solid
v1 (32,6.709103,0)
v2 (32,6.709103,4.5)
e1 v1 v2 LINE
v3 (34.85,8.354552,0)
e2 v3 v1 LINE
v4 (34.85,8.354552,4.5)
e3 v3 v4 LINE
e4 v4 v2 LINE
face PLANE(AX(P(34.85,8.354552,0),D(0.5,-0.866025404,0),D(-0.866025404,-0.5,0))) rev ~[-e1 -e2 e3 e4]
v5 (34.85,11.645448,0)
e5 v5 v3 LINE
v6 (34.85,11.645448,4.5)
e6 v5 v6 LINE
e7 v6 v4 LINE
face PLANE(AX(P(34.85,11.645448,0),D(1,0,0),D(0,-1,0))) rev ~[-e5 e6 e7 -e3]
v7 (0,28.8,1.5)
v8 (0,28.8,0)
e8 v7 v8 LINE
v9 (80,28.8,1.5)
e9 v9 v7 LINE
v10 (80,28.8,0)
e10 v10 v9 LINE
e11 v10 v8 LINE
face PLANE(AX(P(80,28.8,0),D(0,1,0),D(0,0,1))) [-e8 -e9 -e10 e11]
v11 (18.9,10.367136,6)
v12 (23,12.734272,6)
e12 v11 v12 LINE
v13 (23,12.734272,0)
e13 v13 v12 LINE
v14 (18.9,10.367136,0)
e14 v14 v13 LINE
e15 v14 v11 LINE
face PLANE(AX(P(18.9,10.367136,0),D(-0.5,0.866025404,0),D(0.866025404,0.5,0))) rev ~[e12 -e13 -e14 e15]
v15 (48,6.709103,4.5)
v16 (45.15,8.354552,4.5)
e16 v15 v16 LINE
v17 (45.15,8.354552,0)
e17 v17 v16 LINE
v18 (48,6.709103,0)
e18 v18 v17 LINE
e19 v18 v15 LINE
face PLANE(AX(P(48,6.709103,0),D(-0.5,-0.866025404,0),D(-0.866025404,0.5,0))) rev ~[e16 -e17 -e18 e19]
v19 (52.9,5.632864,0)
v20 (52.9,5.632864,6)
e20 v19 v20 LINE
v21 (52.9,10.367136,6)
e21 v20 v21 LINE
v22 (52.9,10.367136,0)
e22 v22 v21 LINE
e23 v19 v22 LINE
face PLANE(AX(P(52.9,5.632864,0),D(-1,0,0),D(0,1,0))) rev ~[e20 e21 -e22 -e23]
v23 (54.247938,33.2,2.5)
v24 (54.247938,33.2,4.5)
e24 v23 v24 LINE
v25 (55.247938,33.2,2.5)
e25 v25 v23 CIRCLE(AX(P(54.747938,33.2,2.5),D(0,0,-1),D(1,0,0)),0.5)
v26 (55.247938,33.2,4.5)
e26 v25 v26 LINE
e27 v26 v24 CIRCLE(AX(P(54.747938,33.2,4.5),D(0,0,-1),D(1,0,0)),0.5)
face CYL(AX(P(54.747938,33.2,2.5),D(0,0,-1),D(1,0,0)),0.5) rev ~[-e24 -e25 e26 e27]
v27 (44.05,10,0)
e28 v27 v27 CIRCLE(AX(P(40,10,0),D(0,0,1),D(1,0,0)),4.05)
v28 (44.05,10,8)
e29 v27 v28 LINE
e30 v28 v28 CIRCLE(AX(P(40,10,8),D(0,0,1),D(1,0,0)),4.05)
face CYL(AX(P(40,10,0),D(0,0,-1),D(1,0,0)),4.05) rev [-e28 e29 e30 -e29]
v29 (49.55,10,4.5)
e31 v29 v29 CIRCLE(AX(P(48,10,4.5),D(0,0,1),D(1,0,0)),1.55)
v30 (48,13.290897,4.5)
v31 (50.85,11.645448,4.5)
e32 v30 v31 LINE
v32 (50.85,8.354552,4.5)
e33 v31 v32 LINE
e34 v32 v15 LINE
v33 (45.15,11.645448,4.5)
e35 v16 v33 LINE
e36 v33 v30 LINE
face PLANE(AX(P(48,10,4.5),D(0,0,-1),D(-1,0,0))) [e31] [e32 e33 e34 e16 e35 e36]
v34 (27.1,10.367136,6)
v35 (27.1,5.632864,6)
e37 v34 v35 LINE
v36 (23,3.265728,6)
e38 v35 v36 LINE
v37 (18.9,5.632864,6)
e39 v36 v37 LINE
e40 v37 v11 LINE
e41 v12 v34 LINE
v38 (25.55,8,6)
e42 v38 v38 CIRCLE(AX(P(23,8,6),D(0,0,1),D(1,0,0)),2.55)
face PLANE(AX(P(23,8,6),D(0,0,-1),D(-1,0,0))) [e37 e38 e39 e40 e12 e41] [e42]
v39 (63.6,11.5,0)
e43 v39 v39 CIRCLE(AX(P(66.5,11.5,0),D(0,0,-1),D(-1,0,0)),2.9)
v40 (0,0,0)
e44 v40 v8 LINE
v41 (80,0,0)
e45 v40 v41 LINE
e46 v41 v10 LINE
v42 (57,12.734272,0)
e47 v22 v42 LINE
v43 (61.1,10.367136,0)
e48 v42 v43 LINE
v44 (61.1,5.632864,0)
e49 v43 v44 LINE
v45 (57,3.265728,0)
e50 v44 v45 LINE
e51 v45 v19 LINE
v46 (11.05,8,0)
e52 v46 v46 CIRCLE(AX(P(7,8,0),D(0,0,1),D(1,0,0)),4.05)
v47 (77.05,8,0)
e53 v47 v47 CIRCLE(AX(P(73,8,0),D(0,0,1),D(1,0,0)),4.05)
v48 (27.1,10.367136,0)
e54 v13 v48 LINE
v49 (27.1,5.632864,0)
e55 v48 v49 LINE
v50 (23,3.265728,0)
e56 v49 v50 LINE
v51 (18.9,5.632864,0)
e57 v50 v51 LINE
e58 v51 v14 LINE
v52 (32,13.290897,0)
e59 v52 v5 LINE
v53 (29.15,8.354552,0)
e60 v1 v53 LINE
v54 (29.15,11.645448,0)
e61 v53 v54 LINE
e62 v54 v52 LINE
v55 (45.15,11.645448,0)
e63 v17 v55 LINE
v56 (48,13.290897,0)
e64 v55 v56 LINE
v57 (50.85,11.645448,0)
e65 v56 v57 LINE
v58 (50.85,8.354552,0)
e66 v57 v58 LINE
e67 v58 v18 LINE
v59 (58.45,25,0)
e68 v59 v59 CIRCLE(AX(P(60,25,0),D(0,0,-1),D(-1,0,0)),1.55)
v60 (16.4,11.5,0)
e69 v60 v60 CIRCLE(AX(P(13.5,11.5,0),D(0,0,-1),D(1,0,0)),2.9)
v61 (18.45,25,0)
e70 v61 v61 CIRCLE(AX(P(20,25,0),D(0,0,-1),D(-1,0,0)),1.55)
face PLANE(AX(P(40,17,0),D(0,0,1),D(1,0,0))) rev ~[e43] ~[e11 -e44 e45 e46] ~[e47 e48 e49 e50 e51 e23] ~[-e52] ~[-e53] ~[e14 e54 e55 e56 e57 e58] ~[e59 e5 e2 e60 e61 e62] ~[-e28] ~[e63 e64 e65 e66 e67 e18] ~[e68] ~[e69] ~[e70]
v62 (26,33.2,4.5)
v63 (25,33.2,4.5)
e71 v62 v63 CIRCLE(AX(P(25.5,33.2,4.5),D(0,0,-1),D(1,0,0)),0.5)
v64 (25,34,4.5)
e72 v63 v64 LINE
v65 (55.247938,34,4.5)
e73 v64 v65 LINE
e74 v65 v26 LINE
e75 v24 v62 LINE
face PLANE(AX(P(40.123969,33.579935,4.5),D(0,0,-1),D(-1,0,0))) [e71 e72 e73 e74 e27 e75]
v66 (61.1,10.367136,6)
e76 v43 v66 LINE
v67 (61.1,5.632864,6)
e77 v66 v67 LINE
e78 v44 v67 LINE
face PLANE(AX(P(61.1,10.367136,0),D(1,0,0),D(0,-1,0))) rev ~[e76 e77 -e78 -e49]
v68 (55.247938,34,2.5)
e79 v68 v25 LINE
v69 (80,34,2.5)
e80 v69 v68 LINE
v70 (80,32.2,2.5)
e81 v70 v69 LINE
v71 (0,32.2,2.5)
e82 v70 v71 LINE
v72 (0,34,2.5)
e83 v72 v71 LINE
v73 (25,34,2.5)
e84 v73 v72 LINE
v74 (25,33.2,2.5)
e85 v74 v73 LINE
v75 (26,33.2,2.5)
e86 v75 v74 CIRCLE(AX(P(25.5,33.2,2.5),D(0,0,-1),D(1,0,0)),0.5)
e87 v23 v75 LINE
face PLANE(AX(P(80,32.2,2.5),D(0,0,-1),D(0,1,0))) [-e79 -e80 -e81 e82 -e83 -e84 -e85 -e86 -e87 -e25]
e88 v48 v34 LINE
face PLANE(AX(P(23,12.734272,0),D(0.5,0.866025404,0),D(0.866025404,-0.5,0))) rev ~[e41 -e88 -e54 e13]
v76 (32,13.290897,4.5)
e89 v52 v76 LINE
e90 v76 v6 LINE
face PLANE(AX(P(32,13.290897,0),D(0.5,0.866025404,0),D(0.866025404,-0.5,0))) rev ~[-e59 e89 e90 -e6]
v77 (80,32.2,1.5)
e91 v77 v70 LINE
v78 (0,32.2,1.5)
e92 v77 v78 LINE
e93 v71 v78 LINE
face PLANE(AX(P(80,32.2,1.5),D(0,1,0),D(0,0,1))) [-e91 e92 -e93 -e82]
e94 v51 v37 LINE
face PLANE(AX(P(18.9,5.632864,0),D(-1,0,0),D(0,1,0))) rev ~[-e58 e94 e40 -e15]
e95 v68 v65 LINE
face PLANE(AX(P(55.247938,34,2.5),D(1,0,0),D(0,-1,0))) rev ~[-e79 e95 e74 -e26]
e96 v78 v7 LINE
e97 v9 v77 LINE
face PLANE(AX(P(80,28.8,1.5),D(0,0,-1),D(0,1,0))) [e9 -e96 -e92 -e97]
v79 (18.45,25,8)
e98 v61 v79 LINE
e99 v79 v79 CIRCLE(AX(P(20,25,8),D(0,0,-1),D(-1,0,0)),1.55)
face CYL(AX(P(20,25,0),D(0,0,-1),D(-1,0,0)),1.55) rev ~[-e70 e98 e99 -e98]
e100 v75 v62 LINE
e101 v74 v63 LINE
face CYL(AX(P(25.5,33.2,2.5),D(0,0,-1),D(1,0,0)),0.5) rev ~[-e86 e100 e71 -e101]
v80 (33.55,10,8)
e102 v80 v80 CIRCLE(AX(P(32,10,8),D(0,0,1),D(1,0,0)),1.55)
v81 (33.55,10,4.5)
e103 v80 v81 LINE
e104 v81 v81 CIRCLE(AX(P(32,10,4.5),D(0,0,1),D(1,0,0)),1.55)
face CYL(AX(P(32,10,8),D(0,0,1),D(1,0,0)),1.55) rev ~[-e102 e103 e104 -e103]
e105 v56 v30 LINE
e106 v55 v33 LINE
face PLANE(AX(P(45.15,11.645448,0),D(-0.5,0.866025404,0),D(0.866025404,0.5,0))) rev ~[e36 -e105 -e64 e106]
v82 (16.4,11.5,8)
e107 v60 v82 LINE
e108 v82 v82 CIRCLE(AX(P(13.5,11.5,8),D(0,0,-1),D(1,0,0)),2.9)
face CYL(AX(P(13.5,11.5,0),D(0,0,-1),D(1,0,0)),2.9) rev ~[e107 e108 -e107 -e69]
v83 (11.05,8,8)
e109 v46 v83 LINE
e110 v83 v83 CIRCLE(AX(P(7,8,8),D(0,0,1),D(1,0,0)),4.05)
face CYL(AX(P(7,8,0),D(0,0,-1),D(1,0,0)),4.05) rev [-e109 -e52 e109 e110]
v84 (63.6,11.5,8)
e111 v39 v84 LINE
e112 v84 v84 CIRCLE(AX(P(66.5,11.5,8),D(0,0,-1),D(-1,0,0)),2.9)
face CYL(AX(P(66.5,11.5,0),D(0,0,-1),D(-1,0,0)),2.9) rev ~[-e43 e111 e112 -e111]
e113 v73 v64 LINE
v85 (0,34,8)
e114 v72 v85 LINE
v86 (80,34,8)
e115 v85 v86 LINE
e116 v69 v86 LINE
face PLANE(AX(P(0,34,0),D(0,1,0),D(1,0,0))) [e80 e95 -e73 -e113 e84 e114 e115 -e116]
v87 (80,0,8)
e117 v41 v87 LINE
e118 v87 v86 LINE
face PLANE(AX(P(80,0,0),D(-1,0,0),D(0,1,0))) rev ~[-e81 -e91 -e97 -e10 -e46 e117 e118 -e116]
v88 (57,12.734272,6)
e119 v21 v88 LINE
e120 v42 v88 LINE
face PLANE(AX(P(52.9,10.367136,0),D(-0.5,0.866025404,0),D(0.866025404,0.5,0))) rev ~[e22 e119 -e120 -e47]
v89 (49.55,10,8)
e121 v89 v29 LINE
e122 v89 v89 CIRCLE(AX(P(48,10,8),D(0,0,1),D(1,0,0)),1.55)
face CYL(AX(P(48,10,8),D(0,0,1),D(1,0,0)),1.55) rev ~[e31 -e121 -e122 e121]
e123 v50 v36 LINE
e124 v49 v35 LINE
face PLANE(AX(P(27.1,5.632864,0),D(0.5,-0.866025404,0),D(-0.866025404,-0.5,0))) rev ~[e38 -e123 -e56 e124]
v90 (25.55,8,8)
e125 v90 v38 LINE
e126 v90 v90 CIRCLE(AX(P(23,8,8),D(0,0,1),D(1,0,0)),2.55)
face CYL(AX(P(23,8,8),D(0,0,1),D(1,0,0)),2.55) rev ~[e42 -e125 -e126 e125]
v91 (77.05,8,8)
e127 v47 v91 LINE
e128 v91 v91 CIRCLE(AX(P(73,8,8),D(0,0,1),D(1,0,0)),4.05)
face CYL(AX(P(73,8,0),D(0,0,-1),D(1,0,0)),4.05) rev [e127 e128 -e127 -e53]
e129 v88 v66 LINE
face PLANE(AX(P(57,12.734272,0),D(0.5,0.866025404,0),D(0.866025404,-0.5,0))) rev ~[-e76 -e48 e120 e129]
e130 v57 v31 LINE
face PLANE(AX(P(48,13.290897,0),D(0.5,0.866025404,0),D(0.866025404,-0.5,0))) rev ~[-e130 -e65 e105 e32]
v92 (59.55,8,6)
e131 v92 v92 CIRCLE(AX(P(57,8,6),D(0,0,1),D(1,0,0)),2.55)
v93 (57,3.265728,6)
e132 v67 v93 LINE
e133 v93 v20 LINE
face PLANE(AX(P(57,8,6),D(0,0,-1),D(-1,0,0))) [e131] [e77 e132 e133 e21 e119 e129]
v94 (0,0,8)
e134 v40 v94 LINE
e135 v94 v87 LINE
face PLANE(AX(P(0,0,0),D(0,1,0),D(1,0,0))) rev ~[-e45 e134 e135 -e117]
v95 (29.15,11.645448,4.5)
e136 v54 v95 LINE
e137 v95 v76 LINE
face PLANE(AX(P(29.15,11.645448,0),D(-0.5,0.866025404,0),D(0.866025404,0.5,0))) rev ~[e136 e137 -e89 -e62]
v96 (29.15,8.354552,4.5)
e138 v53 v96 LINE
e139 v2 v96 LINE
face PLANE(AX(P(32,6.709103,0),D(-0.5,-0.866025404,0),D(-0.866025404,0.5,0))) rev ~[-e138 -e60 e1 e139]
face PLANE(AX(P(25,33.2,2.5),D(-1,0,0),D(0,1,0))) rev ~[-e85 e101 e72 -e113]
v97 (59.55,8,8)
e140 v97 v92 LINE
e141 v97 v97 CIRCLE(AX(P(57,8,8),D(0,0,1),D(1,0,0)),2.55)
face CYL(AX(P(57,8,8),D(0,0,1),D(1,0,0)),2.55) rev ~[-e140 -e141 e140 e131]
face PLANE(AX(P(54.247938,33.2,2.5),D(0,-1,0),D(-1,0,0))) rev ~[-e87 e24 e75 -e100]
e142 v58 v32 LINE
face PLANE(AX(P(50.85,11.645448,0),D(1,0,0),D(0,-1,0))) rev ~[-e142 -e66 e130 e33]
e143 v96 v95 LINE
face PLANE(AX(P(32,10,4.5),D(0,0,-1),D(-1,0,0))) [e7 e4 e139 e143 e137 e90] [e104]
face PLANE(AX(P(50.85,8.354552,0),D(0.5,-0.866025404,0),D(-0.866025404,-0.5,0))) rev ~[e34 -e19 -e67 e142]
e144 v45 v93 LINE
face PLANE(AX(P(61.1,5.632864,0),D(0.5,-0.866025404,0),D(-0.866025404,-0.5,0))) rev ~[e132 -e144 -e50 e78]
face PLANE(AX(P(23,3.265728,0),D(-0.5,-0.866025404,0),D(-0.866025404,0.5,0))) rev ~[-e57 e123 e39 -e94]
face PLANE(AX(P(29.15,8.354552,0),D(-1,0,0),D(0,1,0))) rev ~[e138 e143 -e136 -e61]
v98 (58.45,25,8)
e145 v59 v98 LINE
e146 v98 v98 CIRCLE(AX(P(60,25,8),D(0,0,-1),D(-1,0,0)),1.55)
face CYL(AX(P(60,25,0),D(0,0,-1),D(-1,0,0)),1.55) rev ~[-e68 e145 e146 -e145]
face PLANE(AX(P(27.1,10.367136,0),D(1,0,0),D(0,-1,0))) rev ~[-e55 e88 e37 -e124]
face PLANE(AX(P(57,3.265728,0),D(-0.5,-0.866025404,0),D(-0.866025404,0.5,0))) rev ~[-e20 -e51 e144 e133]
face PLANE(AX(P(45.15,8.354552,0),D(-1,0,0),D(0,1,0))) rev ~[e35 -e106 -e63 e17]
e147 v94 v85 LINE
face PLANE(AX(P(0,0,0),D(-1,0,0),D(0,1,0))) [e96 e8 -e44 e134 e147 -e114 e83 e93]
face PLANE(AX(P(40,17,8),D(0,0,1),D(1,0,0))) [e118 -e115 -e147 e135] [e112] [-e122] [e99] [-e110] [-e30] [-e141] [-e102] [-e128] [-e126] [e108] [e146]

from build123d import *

# Parameters (mm, degrees)
SKETCH_2_W           = 80
SKETCH_2_H           = 34
SKETCH_2_R           = 4.05
EXTRUDE_1_DEPTH      = 8
SKETCH_3_R           = 2.55
CUT_EXTRUDE_1_DEPTH  = 88.292611371
CUT_EXTRUDE_2_DEPTH  = 88.292611371
SKETCH_5_R           = 1.55
CUT_EXTRUDE_3_DEPTH  = 88.292611371
CUT_EXTRUDE_15_DEPTH = 4.5
SKETCH_11_R          = 1.55
CUT_EXTRUDE_7_DEPTH  = 88.292611371
CUT_EXTRUDE_11_DEPTH = 2
SKETCH_21_R          = 2.9
CUT_EXTRUDE_13_DEPTH = 88.292611371
CUT_EXTRUDE_14_DEPTH = 6


with BuildPart() as part:
    # 草图2 → 凸台-拉伸1 (new body)
    with BuildSketch(Plane.XY):
        with Locations((40, 17)):
            Rectangle(SKETCH_2_W, SKETCH_2_H)
        with Locations((7, 8)):
            Circle(SKETCH_2_R, mode=Mode.SUBTRACT)
        with Locations((40, 10)):
            Circle(SKETCH_2_R, mode=Mode.SUBTRACT)
        with Locations((73, 8)):
            Circle(SKETCH_2_R, mode=Mode.SUBTRACT)
    extrude(amount=EXTRUDE_1_DEPTH)

    # 草图3 → 切除-拉伸1 (cut, through all)
    with BuildSketch(Plane.XY.offset(8)):
        with Locations((23, 8)):
            Circle(SKETCH_3_R)
        with Locations((57, 8)):
            Circle(SKETCH_3_R)
    extrude(amount=-CUT_EXTRUDE_1_DEPTH, mode=Mode.SUBTRACT)

    # 草图4 → 切除-拉伸2 (cut, through all)
    with BuildSketch(Plane(origin=(80, 0, 0), x_dir=(0, 0, -1), z_dir=(1, 0, 0))):
        Polygon((-1.5, 32.2), (-2.5, 32.2), (-2.5, 34), (0, 34), (0, 28.8), (-1.5, 28.8), align=None)
    extrude(amount=-CUT_EXTRUDE_2_DEPTH, mode=Mode.SUBTRACT)

    # 草图5 → 切除-拉伸3 (cut, through all)
    with BuildSketch(Plane.XY.offset(8)):
        with Locations((48, 10)):
            Circle(SKETCH_5_R)
        with Locations((32, 10)):
            Circle(SKETCH_5_R)
    extrude(amount=-CUT_EXTRUDE_3_DEPTH, mode=Mode.SUBTRACT)

    # 草图8 → 切除-拉伸15 (cut)
    with BuildSketch(Plane(origin=(0, 0, 0), x_dir=(-1, 0, 0), z_dir=(0, 0, -1))):
        Polygon((-48, 6.709103466), (-45.15, 8.354551733), (-45.15, 11.645448267), (-48, 13.290896534), (-50.85, 11.645448267), (-50.85, 8.354551733), align=None)
        Polygon((-34.85, 11.645448267), (-34.85, 8.354551733), (-32, 6.709103466), (-29.15, 8.354551733), (-29.15, 11.645448267), (-32, 13.290896534), align=None)
    extrude(amount=-CUT_EXTRUDE_15_DEPTH, mode=Mode.SUBTRACT)

    # 草图11 → 切除-拉伸7 (cut, through all)
    with BuildSketch(Plane(origin=(0, 0, 0), x_dir=(-1, 0, 0), z_dir=(0, 0, -1))):
        with Locations((-60, 25)):
            Circle(SKETCH_11_R)
        with Locations((-20, 25)):
            Circle(SKETCH_11_R)
    extrude(amount=-CUT_EXTRUDE_7_DEPTH, mode=Mode.SUBTRACT)

    # 草图19 → 切除-拉伸11 (cut)
    with BuildSketch(Plane(origin=(0, 0, 2.5), x_dir=(-1, 0, 0), z_dir=(0, 0, -1))):
        with BuildLine():
            Line((-25, 34), (-55.247938178, 34))
            Line((-55.247938178, 34), (-55.247938178, 33.2))
            ThreePointArc((-55.247938178, 33.2), (-54.747938178, 32.7), (-54.247938178, 33.2))
            Line((-54.247938178, 33.2), (-26, 33.2))
            ThreePointArc((-26, 33.2), (-25.5, 32.7), (-25, 33.2))
            Line((-25, 33.2), (-25, 34))
        make_face()
    extrude(amount=-CUT_EXTRUDE_11_DEPTH, mode=Mode.SUBTRACT)

    # 草图21 → 切除-拉伸13 (cut, through all)
    with BuildSketch(Plane(origin=(0, 0, 0), x_dir=(-1, 0, 0), z_dir=(0, 0, -1))):
        with Locations((-66.5, 11.5)):
            Circle(SKETCH_21_R)
        with Locations(Location((-13.5, 11.5, 0), (0, 0, 180))):
            Circle(SKETCH_21_R)
    extrude(amount=-CUT_EXTRUDE_13_DEPTH, mode=Mode.SUBTRACT)

    # 草图22 → 切除-拉伸14 (cut)
    with BuildSketch(Plane(origin=(0, 0, 0), x_dir=(-1, 0, 0), z_dir=(0, 0, -1))):
        Polygon((-52.9, 5.632863896), (-52.9, 10.367136104), (-57, 12.734272207), (-61.1, 10.367136104), (-61.1, 5.632863896), (-57, 3.265727793), align=None)
        Polygon((-23, 3.265727793), (-18.9, 5.632863896), (-18.9, 10.367136104), (-23, 12.734272207), (-27.1, 10.367136104), (-27.1, 5.632863896), align=None)
    extrude(amount=-CUT_EXTRUDE_14_DEPTH, mode=Mode.SUBTRACT)


solid = part.part
